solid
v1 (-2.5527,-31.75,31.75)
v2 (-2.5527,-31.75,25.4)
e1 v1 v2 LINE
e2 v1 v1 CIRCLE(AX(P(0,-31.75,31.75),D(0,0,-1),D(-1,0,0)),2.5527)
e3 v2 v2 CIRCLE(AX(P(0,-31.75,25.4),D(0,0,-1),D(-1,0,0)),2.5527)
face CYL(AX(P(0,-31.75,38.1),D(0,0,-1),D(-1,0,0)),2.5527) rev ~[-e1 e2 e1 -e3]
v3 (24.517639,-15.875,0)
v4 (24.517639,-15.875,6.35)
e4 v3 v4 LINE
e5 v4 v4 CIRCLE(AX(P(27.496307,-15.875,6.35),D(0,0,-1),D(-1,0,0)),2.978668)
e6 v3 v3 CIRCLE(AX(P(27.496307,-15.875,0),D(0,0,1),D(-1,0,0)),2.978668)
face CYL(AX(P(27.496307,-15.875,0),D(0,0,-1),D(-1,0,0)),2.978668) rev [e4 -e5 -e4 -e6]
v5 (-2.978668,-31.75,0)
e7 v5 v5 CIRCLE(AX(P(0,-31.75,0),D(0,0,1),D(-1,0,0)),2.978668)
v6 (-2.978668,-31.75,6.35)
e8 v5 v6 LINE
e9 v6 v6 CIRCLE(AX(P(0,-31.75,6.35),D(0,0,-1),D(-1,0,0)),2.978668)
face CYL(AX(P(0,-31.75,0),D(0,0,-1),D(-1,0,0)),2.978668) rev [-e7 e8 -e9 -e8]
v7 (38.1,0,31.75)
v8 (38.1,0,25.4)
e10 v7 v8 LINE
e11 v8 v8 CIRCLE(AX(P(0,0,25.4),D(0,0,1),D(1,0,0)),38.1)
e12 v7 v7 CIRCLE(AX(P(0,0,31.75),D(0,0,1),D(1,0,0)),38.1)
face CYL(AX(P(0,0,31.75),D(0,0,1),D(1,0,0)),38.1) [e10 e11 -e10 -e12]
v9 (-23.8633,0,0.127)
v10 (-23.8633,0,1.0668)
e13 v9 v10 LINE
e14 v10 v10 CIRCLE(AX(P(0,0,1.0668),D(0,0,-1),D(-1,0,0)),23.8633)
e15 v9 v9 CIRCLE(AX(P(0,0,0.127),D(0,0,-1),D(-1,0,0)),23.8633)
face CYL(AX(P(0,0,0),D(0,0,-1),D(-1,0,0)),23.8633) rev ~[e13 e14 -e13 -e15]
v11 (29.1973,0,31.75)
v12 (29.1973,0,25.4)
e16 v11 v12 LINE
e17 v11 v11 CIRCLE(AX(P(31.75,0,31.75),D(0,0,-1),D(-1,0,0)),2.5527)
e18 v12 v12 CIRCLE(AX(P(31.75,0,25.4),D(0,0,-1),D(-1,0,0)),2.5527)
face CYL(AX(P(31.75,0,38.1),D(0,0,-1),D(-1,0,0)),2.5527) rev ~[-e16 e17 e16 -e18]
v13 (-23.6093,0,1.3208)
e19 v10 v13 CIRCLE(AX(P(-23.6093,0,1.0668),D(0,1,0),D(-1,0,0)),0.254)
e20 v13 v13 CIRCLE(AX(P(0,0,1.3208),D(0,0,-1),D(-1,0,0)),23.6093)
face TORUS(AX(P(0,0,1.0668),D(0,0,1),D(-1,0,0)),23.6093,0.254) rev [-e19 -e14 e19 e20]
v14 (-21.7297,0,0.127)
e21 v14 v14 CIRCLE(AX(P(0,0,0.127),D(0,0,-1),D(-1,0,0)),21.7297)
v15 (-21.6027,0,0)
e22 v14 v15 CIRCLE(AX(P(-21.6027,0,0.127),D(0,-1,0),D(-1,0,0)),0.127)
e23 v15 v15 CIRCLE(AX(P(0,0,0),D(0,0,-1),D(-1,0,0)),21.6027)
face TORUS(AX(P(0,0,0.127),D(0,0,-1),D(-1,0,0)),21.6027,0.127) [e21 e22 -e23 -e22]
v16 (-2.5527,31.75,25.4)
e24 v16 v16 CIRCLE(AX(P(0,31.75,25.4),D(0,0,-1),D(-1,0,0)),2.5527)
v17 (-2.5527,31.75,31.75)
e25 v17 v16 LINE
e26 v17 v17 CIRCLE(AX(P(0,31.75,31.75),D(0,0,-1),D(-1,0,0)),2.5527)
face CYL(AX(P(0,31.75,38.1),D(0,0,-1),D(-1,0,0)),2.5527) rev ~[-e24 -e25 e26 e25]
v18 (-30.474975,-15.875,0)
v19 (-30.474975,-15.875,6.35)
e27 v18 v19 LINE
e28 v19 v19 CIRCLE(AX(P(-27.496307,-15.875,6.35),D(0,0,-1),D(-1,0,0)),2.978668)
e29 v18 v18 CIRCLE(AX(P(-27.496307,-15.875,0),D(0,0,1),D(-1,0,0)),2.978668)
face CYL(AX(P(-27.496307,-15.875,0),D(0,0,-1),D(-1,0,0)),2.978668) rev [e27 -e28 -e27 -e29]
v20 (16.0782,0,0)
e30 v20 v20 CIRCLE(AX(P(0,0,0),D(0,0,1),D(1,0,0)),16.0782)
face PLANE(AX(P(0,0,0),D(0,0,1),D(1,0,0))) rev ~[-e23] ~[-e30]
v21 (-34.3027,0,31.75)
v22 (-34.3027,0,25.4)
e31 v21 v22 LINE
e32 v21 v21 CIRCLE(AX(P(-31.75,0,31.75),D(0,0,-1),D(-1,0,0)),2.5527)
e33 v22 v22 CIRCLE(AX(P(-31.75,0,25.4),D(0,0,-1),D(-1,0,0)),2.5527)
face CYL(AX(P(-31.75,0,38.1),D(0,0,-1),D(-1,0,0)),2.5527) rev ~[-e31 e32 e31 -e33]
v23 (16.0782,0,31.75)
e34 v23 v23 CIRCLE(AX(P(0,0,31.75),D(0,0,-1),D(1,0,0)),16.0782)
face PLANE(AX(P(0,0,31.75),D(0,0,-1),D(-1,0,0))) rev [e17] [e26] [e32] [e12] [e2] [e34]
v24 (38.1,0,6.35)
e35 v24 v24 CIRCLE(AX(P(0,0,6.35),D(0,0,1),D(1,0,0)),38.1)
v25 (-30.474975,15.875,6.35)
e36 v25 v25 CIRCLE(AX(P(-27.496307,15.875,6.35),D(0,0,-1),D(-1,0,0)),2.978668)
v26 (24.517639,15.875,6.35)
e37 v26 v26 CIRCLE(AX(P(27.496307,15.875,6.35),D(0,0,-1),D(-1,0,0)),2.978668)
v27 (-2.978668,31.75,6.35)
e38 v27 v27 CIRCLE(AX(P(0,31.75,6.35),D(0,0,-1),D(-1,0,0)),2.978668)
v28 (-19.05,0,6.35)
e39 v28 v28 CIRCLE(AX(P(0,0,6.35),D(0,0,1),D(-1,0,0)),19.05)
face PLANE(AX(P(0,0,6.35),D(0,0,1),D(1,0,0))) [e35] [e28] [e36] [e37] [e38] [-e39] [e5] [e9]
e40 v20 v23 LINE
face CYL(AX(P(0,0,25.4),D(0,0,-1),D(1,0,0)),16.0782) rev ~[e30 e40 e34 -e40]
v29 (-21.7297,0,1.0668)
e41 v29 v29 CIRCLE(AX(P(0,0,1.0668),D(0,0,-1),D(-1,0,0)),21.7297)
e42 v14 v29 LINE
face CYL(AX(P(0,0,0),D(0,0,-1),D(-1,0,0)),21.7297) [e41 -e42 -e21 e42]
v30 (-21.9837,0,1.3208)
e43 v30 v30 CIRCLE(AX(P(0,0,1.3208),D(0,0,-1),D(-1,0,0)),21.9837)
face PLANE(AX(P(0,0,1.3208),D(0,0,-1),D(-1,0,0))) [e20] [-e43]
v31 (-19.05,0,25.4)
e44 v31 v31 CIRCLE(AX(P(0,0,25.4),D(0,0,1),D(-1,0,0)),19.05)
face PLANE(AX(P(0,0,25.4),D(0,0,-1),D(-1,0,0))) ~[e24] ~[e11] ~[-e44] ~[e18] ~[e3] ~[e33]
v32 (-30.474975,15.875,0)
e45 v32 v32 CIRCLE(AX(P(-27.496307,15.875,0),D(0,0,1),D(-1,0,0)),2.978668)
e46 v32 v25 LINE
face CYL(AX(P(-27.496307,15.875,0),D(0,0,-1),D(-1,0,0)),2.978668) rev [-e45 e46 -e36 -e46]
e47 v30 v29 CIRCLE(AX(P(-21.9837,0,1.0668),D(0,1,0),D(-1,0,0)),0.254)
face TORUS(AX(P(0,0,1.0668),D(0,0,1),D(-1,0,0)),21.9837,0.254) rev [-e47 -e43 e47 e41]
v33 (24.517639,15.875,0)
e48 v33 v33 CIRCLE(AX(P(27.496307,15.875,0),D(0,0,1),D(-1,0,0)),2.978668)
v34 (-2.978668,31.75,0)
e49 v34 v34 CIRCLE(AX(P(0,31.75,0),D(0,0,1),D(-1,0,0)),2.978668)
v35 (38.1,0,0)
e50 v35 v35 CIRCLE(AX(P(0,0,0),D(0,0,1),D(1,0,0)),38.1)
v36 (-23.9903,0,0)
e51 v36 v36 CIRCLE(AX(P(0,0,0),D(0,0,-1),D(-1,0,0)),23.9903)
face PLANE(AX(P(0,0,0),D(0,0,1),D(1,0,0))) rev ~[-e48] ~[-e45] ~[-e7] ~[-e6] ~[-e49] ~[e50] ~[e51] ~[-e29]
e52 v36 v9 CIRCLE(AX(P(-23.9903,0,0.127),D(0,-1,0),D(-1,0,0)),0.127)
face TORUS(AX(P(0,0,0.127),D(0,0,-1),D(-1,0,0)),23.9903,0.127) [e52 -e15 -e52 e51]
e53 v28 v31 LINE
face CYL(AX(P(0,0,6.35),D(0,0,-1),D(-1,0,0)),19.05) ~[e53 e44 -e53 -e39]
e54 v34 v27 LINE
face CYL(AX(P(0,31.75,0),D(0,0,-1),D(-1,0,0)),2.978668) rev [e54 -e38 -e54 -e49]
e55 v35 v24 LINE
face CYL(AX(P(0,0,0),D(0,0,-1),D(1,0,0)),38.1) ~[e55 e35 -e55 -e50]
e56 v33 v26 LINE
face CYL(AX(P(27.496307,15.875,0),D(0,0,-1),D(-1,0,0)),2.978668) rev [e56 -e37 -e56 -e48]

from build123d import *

# Parameters (mm, degrees)
SKETCH1_R                       = 38.1
BOSS_EXTRUDE1_DEPTH             = 6.35
SKETCH2_R                       = 19.05
BOSS_EXTRUDE2_DEPTH             = 19.05
SKETCH3_R                       = 16.0782
CUT_EXTRUDE1_DEPTH              = 60.56828015
CUT_EXTRUDE2_REACH              = 61.568
SKETCH4_R                       = 2.978668017
SKETCH5_R                       = 23.8633
SKETCH5_R_2                     = 21.7297
CUT_EXTRUDE3_DEPTH              = 1.3208
FILLET1_R                       = 0.127
FILLET2_R                       = 0.254
SKETCH6_R                       = 16.0782
CUT_EXTRUDE4_DEPTH              = 60.56828015
TAP_DRILL_FOR_1_4_20_TAP1_D     = 5.1054
TAP_DRILL_FOR_1_4_20_TAP1_DEPTH = 6.35


with BuildPart() as part:
    # Sketch1 → Boss-Extrude1 (new body)
    with BuildSketch(Plane.XY):
        Circle(SKETCH1_R)
    boss_extrude1 = extrude(amount=BOSS_EXTRUDE1_DEPTH)

    # Sketch2 → Boss-Extrude2 (add)
    with BuildSketch(Plane.XY.offset(6.35)):
        with Locations(Location((0, 0, 0), (0, 0, 180))):
            Circle(SKETCH2_R)
    extrude(amount=BOSS_EXTRUDE2_DEPTH)

    # Sketch3 → Cut-Extrude1 (cut, through all)
    with BuildSketch(Plane.XY.offset(25.4)):
        Circle(SKETCH3_R)
    extrude(amount=-CUT_EXTRUDE1_DEPTH, mode=Mode.SUBTRACT)

    # Sketch4 → Cut-Extrude2 (cut, up to next)
    with BuildSketch(Plane.XY, mode=Mode.PRIVATE) as cut_extrude2_sk1:
        with Locations(Location((0, 31.75, 0), (0, 0, 180))):
            Circle(SKETCH4_R)
    cut_extrude2_tool1 = extrude(cut_extrude2_sk1.sketch, amount=CUT_EXTRUDE2_REACH, mode=Mode.PRIVATE) & part.part
    # Sketch4 → Cut-Extrude2 (cut, up to next)
    with BuildSketch(Plane.XY, mode=Mode.PRIVATE) as cut_extrude2_sk2:
        with Locations(Location((27.49630657, 15.875, 0), (0, 0, 180))):
            Circle(SKETCH4_R)
    cut_extrude2_tool2 = extrude(cut_extrude2_sk2.sketch, amount=CUT_EXTRUDE2_REACH, mode=Mode.PRIVATE) & part.part
    # Sketch4 → Cut-Extrude2 (cut, up to next)
    with BuildSketch(Plane.XY, mode=Mode.PRIVATE) as cut_extrude2_sk3:
        with Locations(Location((27.49630657, -15.875, 0), (0, 0, 180))):
            Circle(SKETCH4_R)
    cut_extrude2_tool3 = extrude(cut_extrude2_sk3.sketch, amount=CUT_EXTRUDE2_REACH, mode=Mode.PRIVATE) & part.part
    # Sketch4 → Cut-Extrude2 (cut, up to next)
    with BuildSketch(Plane.XY, mode=Mode.PRIVATE) as cut_extrude2_sk4:
        with Locations(Location((0, -31.75, 0), (0, 0, 180))):
            Circle(SKETCH4_R)
    cut_extrude2_tool4 = extrude(cut_extrude2_sk4.sketch, amount=CUT_EXTRUDE2_REACH, mode=Mode.PRIVATE) & part.part
    # Sketch4 → Cut-Extrude2 (cut, up to next)
    with BuildSketch(Plane.XY, mode=Mode.PRIVATE) as cut_extrude2_sk5:
        with Locations(Location((-27.49630657, -15.875, 0), (0, 0, 180))):
            Circle(SKETCH4_R)
    cut_extrude2_tool5 = extrude(cut_extrude2_sk5.sketch, amount=CUT_EXTRUDE2_REACH, mode=Mode.PRIVATE) & part.part
    # Sketch4 → Cut-Extrude2 (cut, up to next)
    with BuildSketch(Plane.XY, mode=Mode.PRIVATE) as cut_extrude2_sk6:
        with Locations(Location((-27.49630657, 15.875, 0), (0, 0, 180))):
            Circle(SKETCH4_R)
    cut_extrude2_tool6 = extrude(cut_extrude2_sk6.sketch, amount=CUT_EXTRUDE2_REACH, mode=Mode.PRIVATE) & part.part
    add(cut_extrude2_tool1.solids().sort_by_distance((0, 31.75, 0))[0], mode=Mode.SUBTRACT)
    add(cut_extrude2_tool2.solids().sort_by_distance((27.496307, 15.875, 0))[0], mode=Mode.SUBTRACT)
    add(cut_extrude2_tool3.solids().sort_by_distance((27.496307, -15.875, 0))[0], mode=Mode.SUBTRACT)
    add(cut_extrude2_tool4.solids().sort_by_distance((0, -31.75, 0))[0], mode=Mode.SUBTRACT)
    add(cut_extrude2_tool5.solids().sort_by_distance((-27.496307, -15.875, 0))[0], mode=Mode.SUBTRACT)
    add(cut_extrude2_tool6.solids().sort_by_distance((-27.496307, 15.875, 0))[0], mode=Mode.SUBTRACT)

    # Sketch5 → Cut-Extrude3 (cut)
    with BuildSketch(Plane(origin=(0, 0, 0), x_dir=(-1, 0, 0), z_dir=(0, 0, -1))):
        Circle(SKETCH5_R)
        Circle(SKETCH5_R_2, mode=Mode.SUBTRACT)
    extrude(amount=-CUT_EXTRUDE3_DEPTH, mode=Mode.SUBTRACT)

    # Fillet1
    fillet1_edges = [part.edges().sort_by_distance(p)[0] for p in [
        (23.8633, 0, 0),
        (21.7297, 0, 0),
    ]]
    fillet(fillet1_edges, radius=FILLET1_R)

    # Fillet2
    fillet2_edges = [part.edges().sort_by_distance(p)[0] for p in [
        (23.8633, 0, 1.3208),
        (21.7297, 0, 1.3208),
    ]]
    fillet(fillet2_edges, radius=FILLET2_R)

    # Mirror1: Boss-Extrude1 across plane
    add(boss_extrude1.mirror(Plane.XY.offset(15.875)))

    # Sketch6 → Cut-Extrude4 (cut, through all)
    with BuildSketch(Plane(origin=(0, 0, 25.4), x_dir=(-1, 0, 0), z_dir=(0, 0, -1))):
        with Locations(Location((0, 0, 0), (0, 0, 180))):
            Circle(SKETCH6_R)
    extrude(amount=-CUT_EXTRUDE4_DEPTH, mode=Mode.SUBTRACT)

    # Tap Drill for 1/4-20 Tap1
    with Locations(Plane(origin=(0, 31.75, 31.75), x_dir=(1, 0, 0), z_dir=(0, 0, 1))):
        with Locations((0, 0), (31.75, -31.75), (0, -63.5), (-31.75, -31.75)):
            Hole(TAP_DRILL_FOR_1_4_20_TAP1_D / 2, depth=TAP_DRILL_FOR_1_4_20_TAP1_DEPTH)


solid = part.part
